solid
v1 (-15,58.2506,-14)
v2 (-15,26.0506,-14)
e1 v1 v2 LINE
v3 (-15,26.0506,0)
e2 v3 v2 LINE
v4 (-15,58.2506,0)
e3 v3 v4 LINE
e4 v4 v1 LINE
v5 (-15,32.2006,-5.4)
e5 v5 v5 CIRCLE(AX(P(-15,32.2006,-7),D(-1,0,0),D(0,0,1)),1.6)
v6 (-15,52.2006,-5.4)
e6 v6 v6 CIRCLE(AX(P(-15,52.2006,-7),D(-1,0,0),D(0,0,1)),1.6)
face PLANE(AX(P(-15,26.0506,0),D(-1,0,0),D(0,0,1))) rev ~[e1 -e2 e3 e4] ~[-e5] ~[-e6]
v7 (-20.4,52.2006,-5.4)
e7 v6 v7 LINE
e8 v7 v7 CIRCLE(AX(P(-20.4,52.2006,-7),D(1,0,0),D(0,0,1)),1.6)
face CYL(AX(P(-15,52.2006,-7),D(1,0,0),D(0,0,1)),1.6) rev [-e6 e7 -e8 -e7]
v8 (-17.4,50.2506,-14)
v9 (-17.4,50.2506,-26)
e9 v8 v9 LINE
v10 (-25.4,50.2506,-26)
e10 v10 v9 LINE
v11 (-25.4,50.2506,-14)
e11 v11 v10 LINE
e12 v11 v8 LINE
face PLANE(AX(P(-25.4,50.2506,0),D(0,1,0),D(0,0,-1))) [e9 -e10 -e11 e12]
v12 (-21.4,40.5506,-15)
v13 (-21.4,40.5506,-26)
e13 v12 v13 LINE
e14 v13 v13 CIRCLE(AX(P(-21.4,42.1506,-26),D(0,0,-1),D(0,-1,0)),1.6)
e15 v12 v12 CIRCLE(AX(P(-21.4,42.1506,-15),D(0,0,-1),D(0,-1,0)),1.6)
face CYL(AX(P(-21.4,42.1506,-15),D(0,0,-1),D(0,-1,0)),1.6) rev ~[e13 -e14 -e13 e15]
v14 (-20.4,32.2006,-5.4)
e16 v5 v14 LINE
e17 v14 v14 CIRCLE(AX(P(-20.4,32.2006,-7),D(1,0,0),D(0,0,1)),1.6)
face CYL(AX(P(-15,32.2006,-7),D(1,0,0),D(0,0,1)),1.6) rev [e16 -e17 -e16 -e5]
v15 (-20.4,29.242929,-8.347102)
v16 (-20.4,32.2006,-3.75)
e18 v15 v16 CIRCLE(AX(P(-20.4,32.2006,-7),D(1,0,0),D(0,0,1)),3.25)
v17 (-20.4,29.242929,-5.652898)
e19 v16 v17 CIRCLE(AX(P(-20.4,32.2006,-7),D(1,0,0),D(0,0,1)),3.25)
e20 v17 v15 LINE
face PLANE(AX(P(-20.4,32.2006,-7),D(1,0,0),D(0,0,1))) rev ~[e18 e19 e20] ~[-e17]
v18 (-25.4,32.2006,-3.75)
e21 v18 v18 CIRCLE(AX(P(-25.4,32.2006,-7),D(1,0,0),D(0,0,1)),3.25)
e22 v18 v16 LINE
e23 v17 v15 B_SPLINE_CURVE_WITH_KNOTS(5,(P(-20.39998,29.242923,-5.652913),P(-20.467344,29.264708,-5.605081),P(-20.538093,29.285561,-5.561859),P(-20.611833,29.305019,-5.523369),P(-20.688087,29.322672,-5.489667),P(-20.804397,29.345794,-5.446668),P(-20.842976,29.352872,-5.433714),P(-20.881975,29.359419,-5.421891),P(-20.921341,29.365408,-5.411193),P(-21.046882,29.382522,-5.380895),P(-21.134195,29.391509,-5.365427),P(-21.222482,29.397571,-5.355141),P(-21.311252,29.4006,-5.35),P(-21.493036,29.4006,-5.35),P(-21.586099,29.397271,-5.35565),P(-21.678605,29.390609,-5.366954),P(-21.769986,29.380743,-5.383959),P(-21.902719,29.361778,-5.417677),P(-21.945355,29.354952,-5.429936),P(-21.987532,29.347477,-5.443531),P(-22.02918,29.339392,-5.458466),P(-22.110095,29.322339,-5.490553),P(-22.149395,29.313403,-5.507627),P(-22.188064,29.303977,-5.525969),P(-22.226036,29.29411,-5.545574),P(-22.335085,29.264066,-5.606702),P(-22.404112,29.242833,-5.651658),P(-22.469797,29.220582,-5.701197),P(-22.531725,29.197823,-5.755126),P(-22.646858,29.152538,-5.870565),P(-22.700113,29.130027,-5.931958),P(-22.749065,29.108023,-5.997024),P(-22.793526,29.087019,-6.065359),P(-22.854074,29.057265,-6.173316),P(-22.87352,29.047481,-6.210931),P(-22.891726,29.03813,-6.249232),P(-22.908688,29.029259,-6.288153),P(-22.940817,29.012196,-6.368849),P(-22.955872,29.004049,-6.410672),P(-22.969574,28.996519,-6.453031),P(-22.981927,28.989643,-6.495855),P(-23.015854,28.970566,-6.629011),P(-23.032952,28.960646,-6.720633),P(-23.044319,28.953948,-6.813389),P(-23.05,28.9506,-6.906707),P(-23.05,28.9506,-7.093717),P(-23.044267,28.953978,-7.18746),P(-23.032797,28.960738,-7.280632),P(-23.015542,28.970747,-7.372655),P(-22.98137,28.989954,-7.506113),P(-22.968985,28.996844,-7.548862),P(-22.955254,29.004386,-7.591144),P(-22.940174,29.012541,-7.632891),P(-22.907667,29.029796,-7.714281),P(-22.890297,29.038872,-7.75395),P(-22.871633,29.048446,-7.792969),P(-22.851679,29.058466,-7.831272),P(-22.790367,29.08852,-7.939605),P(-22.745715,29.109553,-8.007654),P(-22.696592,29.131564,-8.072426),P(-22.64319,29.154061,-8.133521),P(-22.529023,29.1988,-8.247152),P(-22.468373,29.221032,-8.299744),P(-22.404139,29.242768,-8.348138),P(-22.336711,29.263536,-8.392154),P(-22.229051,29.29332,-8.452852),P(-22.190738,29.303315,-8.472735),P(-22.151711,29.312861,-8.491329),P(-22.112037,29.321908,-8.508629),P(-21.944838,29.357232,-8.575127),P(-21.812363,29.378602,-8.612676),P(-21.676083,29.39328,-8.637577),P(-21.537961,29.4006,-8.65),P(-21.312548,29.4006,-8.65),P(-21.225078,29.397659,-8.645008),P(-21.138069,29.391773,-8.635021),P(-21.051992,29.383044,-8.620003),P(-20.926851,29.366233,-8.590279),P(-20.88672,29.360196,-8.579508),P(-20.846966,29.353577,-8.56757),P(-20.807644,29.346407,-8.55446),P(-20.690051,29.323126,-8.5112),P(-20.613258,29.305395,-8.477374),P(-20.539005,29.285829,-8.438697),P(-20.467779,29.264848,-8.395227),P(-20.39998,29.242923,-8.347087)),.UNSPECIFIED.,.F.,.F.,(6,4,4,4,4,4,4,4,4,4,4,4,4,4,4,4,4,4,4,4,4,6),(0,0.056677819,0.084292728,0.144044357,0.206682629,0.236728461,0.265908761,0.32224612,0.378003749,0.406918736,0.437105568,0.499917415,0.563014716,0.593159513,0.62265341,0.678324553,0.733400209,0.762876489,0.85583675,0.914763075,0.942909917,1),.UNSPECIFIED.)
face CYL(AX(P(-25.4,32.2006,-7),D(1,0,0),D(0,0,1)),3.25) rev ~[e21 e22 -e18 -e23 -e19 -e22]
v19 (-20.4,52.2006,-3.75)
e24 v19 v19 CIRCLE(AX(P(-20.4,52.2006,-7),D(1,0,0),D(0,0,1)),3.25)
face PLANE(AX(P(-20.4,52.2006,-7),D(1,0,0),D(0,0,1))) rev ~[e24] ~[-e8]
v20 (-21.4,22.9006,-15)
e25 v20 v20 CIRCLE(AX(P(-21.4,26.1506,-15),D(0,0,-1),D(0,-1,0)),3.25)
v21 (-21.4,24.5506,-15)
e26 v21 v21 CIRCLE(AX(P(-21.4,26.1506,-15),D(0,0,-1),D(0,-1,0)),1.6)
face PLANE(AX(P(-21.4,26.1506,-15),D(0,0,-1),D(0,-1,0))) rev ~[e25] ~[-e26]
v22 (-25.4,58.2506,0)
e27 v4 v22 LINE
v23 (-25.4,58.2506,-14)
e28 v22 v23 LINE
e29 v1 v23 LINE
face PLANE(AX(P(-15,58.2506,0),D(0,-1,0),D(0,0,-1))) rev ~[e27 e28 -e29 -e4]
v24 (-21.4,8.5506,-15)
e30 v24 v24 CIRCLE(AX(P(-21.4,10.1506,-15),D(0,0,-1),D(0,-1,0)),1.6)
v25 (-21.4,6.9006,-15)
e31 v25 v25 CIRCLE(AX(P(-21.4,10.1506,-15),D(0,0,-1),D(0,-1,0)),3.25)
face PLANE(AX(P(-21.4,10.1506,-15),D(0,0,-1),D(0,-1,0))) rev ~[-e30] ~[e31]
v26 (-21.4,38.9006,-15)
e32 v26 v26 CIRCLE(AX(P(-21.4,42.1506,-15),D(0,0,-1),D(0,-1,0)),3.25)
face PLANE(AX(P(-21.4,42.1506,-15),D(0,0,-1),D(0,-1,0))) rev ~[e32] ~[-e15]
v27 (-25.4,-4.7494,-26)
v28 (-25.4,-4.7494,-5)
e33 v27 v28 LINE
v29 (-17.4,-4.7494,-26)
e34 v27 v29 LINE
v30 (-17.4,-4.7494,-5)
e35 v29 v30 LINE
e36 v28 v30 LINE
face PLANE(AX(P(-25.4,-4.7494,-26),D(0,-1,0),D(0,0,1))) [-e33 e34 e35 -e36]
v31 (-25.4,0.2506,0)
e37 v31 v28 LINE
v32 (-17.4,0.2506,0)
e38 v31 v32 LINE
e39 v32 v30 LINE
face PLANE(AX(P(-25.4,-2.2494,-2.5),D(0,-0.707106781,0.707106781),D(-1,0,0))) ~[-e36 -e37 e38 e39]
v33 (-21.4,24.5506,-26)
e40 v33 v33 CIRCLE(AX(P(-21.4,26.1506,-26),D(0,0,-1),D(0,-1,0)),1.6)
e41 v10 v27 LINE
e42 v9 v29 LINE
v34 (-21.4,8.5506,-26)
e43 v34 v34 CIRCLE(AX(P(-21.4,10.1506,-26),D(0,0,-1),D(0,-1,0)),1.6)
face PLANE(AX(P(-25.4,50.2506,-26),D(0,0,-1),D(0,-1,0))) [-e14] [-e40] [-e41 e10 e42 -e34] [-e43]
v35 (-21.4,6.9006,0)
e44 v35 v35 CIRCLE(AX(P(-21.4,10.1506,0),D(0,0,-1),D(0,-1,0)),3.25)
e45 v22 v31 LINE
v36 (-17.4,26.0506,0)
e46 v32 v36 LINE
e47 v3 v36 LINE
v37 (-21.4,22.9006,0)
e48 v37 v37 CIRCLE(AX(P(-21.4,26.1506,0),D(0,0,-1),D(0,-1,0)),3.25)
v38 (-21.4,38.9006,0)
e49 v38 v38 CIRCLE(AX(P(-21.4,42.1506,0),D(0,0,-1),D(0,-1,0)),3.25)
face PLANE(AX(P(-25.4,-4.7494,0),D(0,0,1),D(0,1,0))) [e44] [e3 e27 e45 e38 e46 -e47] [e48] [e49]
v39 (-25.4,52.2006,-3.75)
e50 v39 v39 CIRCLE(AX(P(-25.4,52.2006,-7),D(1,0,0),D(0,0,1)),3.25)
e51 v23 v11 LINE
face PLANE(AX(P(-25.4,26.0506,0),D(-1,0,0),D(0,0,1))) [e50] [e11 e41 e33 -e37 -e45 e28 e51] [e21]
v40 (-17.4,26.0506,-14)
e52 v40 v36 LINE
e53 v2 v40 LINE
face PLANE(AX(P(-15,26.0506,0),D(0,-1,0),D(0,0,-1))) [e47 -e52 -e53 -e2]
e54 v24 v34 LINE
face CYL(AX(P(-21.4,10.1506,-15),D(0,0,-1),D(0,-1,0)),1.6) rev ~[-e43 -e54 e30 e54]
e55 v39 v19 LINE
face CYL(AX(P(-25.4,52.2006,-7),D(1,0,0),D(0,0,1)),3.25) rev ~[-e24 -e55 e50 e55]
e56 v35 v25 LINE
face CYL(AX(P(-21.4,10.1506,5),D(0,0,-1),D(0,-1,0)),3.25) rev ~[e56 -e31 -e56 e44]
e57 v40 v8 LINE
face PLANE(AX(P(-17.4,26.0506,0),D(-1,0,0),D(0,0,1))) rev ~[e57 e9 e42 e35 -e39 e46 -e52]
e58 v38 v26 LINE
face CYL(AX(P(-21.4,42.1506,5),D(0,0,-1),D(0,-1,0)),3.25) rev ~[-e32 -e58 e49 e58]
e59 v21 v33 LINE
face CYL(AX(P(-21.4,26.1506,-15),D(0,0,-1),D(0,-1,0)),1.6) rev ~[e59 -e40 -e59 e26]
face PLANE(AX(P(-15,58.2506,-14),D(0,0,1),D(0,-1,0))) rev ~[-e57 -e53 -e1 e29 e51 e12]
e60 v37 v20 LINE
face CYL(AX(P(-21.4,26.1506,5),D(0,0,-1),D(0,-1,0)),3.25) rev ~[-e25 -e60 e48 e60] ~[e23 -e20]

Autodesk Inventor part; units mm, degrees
ref_plane "YZ Plane" through (0, 0, 0) normal (1, 0, 0) x (0, 1, 0)
ref_plane "XZ Plane" through (0, 0, 0) normal (0, 1, 0) x (-1, 0, 0)
ref_plane "XY Plane" through (0, 0, 0) normal (0, 0, 1) x (1, 0, 0)
ref_plane "Arbeitsebene1" through (0, 0, 0) normal (0, 0, 1) x (1, 0, 0)
ref_plane "Arbeitsebene2" through (-25.4, 26.0506, 0) normal (-1, 0, 0) x (0, 0, 1)
sketch "Skizze2" plane through (-25.4, 26.0506, 0) normal (-1, 0, 0) x (0, 0, 1)
  line L0 (0, 0) -> (0, 32.2) projected
  line L1 (0, 24.2) -> (-26, 24.2)
  line L2 (-26, 24.2) -> (-26, -30.8)
  line L3 (-26, -30.8) -> (0, -30.8)
  line L4 (0, -30.8) -> (0, 24.2)
  line L5 (5, 0) -> (0, 0)
  line L6 (0, 0) -> (0, -30.8)
  line L7 (0, -30.8) -> (5, -30.8)
  point P0 (0, -26.0506)
  dimension "d26" = 26
  dimension "d27" = 55
extrude "Extrusion2" add sketch "Skizze2" against normal blind 8
ref_plane "Arbeitsebene3" through (0, 0, 5) normal (0, 0, 1) x (1, 0, 0)
sketch "Skizze6" plane through (0, 0, 5) normal (0, 0, 1) x (1, 0, 0)
  point P0 (0, 0)
ref_plane "Arbeitsebene4" through (0, 0, 5) normal (0, 0, 1) x (1, 0, 0)
ref_plane "Arbeitsebene5" through (-15, 26.0506, 0) normal (-1, 0, 0) x (0, 0, 1)
sketch "Skizze8" plane through (-15, 26.0506, 0) normal (-1, 0, 0) x (0, 0, 1)
  line L0 (-14, 32.2) -> (-14, 0) projected
  line L1 (0, 0) -> (-14, 0) projected
  line L2 (0, 32.2) -> (0, 0) projected
  line L3 (0, 32.2) -> (-14, 32.2) projected
  line L4 (-8.5, 27.35) -> (0, 27.35)
  line L5 (-8.5, 24.85) -> (0, 24.85)
  line L6 (-8.5, 7.35) -> (0, 7.35)
  line L7 (-8.5, 4.85) -> (0, 4.85)
  circle A0 centre (-7, 26.15) radius 1.6
  circle A1 centre (-7, 6.15) radius 1.6
  point P0 (0, -26.0506)
  dimension "d44" = 3.2
  dimension "d45" = 3.2
  dimension "d46" = 1.2
  dimension "d47" = 1.2
extrude "Extrusion6" add sketch "Skizze8" along normal up to surface (10.4 mm away) contours L3 L2 L4 A0 L5 L6 A1 L7 L1 L0 | L2 L5 A0 L4 | L7 A1 L6 L2
sketch "Skizze9" plane through (-25.4, 26.0506, 0) normal (-1, 0, 0) x (0, 0, 1)
  circle A0 centre (-7, 6.15) radius 1.6 projected
  circle A1 centre (-7, 26.15) radius 1.6 projected
  point P0 (0, -26.0506)
hole "Bohrung2" at (-25.4, 32.2006, -7) at (-25.4, 52.2006, -7) direction (1, 0, 0) diameter 3.2 end through all counterbore diameter 6.5 counterbore depth 5
sketch "Skizze7" plane through (0, 0, 5) normal (0, 0, 1) x (1, 0, 0)
  line L0 (15, 26.0506) -> (15, 58.2506) projected
  line L1 (15, 58.2506) -> (-25.4, 58.2506) projected
  line L2 (-25.4, 58.2506) -> (-25.4, -4.7494) projected
  line L3 (-25.4, -4.7494) -> (-17.4, -4.7494) projected
  line L4 (-17.4, 26.0506) -> (-17.4, -4.7494) projected
  line L5 (-17.4, 26.0506) -> (15, 26.0506) projected
  circle A0 centre (-21.4, 10.1506) radius 1.5
  circle A1 centre (-21.4, 26.1506) radius 1.4
  circle A2 centre (-21.4, 42.1506) radius 1.4
  point P0 (0, 0)
  dimension "d38" = 3
  dimension "d57" = 2.8
  dimension "d58" = 2.8
  dimension "d59" = 16
  dimension "d60" = 16
  dimension "d61" = 8
  dimension "d62" = 4
  dimension "d63" = 4
  dimension "d64" = 4
  dimension "d65" = 16.1
hole "Bohrung1" at (-21.4, 42.1506, 5) at (-21.4, 26.1506, 5) at (-21.4, 10.1506, 5) direction (0, 0, -1) diameter 3.2 end through all counterbore diameter 6.5 counterbore depth 20
sketch "Skizze10" plane through (-15, 26.0506, 0) normal (1, 0, 0) x (0, 0, -1)
  line L0 (0, 32.2) -> (14, 32.2)
  line L1 (14, 0) -> (14, 32.2)
  line L2 (0, 0) -> (0, 32.2)
  circle A0 centre (-2.5, 50.2) radius 1.5 construction
  circle A1 centre (12.5, 50.2) radius 1.5 construction
  line L3 (13, 67.2) -> (-3, 67.2)
  line L4 (-5, 66.0453) -> (-5, 48.3547)
  line L5 (14.75, 176.5265) -> (14.75, -9.4735)
  line L6 (-5, 32.2) -> (14.75, 32.2)
  line L7 (14.75, 32.2) -> (14.75, 67.2)
  line L8 (14.75, 67.2) -> (-5, 67.2)
  line L9 (-5, 67.2) -> (-5, 32.2)
  line L10 (10, 52.2) -> (10, 45.2)
  line L11 (10, 52.2) -> (8.35, 52.2)
  line L12 (0, 45.2) -> (0, 52.2)
  line L13 (10, 44.2036) -> (0, 44.2036)
  line L14 (0, 44.2036) -> (0, 57.2)
  line L15 (0, 57.2) -> (10, 57.2)
  line L16 (10, 57.2) -> (10, 44.2036)
  circle A2 centre (12.5, 50.2) radius 1.4
  circle A3 centre (-2.5, 50.2) radius 1.4
  line L17 (-5, 32.2) -> (0, 27.2)
  line L18 (0, -30.8) -> (0, 32.2) projected
  line L19 (-5, 32.2) -> (2.0711, 32.2) construction
  line L20 (0, 27.2) -> (0, 32.2)
  line L21 (14.75, 32.2) -> (14.75, 24.2)
  line L22 (26, 24.2) -> (14, 24.2) projected
  point P0 (0, -26.0506)
  point P1 (10, 45.2)
  point P2 (0, 32.2)
  point P3 (14.75, 32.2)
  point P4 (13, 67.2)
  point P5 (0, 27.2)
  dimension "d66" = 2.8
  dimension "d67" = 2.8
  dimension "d70" = 45
extrude "Extrusion7" [suppressed]
chamfer "Fase2" distance 5 angle 45 1 edges at (-21.4, -4.7494, 0)
properties part number "30_XYTable_Aliexpress_Translatorarm_x"
